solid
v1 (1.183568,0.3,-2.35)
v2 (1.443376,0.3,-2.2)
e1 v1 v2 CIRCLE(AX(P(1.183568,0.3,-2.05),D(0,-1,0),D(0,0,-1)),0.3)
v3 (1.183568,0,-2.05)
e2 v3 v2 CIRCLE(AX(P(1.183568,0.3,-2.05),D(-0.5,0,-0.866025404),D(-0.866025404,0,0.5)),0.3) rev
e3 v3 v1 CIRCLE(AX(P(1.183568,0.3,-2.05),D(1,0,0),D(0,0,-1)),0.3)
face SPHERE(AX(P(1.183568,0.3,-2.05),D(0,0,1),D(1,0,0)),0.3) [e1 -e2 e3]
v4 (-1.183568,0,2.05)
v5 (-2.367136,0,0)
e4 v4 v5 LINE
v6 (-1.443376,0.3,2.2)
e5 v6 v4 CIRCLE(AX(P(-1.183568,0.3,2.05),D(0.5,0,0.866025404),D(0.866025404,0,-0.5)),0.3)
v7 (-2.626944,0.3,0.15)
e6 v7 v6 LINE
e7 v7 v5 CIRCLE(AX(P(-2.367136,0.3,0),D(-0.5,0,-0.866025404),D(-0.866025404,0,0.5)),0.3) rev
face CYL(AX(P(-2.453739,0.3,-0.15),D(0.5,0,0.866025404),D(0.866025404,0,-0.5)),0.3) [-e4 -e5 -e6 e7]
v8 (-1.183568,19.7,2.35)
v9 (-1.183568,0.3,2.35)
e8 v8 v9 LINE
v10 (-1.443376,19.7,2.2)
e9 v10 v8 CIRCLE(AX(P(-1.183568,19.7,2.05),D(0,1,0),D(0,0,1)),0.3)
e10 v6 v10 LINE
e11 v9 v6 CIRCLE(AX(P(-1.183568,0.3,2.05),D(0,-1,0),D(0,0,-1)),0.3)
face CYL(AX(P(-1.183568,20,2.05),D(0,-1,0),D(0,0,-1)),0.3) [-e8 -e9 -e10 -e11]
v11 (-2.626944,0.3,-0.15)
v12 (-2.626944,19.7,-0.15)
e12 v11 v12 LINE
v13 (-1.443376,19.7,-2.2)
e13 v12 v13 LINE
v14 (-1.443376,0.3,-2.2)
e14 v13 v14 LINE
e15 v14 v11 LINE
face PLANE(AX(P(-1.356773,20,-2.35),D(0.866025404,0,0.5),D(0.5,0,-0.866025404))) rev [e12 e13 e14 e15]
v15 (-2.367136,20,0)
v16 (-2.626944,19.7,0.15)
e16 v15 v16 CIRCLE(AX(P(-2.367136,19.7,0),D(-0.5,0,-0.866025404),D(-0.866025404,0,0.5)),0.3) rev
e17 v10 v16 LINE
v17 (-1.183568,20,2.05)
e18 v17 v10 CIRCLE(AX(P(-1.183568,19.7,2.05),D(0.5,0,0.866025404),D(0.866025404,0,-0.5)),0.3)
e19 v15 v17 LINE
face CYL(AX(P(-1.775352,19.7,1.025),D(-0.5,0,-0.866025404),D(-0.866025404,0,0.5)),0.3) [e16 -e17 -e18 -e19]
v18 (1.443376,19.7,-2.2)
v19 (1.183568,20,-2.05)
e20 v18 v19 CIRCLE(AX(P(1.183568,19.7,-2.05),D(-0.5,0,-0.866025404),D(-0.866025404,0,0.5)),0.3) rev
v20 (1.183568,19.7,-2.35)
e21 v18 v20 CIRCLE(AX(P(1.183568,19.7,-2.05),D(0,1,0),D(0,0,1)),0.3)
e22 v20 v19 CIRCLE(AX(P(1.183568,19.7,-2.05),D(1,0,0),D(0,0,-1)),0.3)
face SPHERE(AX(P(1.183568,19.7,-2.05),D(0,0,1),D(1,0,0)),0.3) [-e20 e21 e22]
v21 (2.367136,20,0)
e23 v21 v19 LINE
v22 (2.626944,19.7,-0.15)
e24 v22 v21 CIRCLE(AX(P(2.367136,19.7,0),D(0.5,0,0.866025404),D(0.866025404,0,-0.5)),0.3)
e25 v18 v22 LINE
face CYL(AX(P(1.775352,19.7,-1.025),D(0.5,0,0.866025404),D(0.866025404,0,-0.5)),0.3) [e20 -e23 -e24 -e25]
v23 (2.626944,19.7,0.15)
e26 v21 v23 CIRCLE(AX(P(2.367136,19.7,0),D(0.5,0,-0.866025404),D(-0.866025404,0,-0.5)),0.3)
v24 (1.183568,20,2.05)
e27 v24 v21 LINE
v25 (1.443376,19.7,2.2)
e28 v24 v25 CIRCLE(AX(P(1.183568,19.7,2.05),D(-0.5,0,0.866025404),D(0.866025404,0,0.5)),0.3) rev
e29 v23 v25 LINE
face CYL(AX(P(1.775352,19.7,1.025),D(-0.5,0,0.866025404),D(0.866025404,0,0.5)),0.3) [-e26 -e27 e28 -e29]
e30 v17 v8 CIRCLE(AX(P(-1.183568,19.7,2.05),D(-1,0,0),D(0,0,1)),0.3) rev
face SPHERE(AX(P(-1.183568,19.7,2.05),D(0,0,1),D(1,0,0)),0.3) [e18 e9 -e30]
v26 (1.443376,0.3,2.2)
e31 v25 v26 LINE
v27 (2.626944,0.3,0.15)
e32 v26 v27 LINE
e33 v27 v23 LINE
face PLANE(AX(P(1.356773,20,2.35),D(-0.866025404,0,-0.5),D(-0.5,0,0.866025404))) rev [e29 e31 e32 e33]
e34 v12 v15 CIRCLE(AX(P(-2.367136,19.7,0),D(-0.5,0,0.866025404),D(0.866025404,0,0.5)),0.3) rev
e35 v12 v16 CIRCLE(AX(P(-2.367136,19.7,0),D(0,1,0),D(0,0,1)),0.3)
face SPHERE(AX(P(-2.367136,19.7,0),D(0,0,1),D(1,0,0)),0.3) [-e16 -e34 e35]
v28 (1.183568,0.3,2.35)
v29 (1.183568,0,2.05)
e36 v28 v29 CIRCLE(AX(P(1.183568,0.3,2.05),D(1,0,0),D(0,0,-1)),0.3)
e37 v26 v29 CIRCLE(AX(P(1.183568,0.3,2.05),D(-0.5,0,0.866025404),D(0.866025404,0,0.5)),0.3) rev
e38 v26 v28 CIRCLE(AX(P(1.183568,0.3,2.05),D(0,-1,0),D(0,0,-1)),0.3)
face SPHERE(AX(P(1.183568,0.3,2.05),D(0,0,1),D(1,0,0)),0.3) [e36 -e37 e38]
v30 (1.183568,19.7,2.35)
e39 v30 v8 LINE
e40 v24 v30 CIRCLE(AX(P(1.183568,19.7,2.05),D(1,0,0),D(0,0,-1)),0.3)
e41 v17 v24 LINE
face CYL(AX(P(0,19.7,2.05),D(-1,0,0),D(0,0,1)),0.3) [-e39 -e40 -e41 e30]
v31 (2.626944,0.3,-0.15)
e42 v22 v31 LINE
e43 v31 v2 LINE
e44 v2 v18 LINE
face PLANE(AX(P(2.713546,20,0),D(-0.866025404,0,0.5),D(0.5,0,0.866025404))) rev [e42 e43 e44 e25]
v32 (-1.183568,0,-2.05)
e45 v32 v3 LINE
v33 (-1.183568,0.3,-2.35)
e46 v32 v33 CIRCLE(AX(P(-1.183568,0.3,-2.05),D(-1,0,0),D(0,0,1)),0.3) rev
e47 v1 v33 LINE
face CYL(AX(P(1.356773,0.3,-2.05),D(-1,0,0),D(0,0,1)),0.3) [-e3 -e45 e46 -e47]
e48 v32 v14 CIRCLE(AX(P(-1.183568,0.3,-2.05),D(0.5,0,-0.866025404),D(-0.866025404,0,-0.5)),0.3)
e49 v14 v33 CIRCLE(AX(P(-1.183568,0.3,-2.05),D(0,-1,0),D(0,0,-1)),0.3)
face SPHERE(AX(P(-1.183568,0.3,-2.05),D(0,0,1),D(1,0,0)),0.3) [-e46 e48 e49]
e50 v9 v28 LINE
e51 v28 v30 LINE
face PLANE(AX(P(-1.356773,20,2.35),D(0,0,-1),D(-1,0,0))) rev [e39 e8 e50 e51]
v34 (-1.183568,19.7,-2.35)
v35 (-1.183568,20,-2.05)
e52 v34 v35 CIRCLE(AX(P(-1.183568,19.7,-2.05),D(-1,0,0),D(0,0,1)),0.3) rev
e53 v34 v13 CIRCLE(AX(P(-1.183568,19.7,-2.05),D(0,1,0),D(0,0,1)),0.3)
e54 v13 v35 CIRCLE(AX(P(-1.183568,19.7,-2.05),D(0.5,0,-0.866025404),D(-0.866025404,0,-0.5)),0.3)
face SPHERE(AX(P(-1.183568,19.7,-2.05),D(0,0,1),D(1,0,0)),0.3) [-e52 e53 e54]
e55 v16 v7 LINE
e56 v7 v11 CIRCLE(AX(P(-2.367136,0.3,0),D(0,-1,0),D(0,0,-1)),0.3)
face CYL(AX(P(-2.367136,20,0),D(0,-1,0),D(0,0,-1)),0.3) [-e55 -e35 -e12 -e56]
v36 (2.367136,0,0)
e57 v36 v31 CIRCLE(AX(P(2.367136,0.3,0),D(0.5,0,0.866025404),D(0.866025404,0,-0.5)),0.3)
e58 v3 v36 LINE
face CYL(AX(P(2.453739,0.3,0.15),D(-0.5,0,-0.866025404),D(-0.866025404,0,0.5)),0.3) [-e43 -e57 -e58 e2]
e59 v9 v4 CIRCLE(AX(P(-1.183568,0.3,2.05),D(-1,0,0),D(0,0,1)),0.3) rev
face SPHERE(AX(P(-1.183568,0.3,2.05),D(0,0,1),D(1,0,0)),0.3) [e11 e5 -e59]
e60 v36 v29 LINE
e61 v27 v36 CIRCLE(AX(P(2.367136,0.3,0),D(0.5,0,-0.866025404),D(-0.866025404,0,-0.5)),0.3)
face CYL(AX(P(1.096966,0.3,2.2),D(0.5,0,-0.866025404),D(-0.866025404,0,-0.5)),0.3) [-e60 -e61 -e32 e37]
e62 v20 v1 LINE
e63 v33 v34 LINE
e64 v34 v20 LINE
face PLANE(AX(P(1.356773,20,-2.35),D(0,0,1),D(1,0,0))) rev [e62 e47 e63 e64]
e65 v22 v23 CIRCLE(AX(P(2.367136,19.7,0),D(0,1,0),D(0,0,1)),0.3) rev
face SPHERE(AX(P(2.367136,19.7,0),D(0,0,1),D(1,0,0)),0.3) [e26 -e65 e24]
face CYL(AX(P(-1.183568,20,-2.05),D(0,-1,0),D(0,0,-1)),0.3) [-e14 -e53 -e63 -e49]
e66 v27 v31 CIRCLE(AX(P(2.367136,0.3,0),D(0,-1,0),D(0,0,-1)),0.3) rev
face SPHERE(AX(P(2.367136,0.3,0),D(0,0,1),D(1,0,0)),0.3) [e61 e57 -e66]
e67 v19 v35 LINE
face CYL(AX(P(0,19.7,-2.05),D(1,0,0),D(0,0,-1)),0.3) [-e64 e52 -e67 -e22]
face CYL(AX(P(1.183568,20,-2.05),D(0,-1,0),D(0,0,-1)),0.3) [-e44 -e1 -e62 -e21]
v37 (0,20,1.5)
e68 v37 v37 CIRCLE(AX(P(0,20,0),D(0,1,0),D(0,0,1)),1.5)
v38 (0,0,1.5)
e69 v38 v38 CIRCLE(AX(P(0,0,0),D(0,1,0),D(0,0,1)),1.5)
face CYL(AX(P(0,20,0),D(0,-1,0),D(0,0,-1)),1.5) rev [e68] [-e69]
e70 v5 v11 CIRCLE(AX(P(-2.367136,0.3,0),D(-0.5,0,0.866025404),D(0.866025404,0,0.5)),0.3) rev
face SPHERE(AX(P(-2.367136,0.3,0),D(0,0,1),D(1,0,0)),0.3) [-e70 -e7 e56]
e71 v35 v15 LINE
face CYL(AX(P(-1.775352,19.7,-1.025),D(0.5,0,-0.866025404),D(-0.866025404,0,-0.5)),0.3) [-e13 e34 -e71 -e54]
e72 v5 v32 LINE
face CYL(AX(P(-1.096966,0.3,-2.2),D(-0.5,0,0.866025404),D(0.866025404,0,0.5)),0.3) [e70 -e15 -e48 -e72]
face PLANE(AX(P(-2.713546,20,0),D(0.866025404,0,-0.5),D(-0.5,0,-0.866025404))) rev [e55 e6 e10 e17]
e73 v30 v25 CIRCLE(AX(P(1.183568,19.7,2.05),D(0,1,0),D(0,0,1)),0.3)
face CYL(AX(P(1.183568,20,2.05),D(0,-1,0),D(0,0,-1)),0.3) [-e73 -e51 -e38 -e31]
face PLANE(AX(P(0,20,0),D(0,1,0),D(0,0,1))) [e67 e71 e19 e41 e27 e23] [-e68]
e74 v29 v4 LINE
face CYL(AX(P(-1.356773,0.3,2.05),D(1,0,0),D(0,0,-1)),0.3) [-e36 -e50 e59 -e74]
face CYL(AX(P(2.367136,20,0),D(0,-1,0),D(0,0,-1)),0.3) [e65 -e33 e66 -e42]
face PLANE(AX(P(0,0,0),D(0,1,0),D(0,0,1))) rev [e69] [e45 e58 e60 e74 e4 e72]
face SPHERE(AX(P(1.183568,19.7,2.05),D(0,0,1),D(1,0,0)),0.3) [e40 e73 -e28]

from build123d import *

# Parameters (mm, degrees)
SKETCH_1_R      = 1.5
EXTRUDE_1_DEPTH = 20
FILLET_1_R      = 0.3


with BuildPart() as part:
    # 草图1 → 凸台-拉伸1 (new body)
    with BuildSketch(Plane(origin=(0, 0, 0), x_dir=(1, 0, 0), z_dir=(0, 1, 0))):
        Polygon((2.713546265, 0), (1.356773133, 2.35), (-1.356773133, 2.35), (-2.713546265, 0), (-1.356773133, -2.35), (1.356773133, -2.35), align=None)
        with Locations(Location((0, 0, 0), (0, 0, 270))):
            Circle(SKETCH_1_R, mode=Mode.SUBTRACT)
    extrude(amount=EXTRUDE_1_DEPTH)

    # 圆角1
    fillet_1_edges = [part.edges().sort_by_distance(p)[0] for p in [
        (0, 20, -2.35),
        (1.356773133, 10, 2.35),
        (-1.356773133, 10, 2.35),
        (-2.713546265, 10, 0),
        (-1.356773133, 10, -2.35),
        (1.356773133, 10, -2.35),
        (2.713546265, 10, 0),
        (-2.035159699, 20, -1.175),
        (-2.035159699, 20, 1.175),
        (0, 20, 2.35),
        (2.035159699, 20, 1.175),
        (0, 0, 2.35),
        (-2.035159699, 0, 1.175),
        (-2.035159699, 0, -1.175),
        (2.035159699, 20, -1.175),
        (0, 0, -2.35),
        (2.035159699, 0, -1.175),
        (2.035159699, 0, 1.175),
    ]]
    fillet(fillet_1_edges, radius=FILLET_1_R)


solid = part.part
